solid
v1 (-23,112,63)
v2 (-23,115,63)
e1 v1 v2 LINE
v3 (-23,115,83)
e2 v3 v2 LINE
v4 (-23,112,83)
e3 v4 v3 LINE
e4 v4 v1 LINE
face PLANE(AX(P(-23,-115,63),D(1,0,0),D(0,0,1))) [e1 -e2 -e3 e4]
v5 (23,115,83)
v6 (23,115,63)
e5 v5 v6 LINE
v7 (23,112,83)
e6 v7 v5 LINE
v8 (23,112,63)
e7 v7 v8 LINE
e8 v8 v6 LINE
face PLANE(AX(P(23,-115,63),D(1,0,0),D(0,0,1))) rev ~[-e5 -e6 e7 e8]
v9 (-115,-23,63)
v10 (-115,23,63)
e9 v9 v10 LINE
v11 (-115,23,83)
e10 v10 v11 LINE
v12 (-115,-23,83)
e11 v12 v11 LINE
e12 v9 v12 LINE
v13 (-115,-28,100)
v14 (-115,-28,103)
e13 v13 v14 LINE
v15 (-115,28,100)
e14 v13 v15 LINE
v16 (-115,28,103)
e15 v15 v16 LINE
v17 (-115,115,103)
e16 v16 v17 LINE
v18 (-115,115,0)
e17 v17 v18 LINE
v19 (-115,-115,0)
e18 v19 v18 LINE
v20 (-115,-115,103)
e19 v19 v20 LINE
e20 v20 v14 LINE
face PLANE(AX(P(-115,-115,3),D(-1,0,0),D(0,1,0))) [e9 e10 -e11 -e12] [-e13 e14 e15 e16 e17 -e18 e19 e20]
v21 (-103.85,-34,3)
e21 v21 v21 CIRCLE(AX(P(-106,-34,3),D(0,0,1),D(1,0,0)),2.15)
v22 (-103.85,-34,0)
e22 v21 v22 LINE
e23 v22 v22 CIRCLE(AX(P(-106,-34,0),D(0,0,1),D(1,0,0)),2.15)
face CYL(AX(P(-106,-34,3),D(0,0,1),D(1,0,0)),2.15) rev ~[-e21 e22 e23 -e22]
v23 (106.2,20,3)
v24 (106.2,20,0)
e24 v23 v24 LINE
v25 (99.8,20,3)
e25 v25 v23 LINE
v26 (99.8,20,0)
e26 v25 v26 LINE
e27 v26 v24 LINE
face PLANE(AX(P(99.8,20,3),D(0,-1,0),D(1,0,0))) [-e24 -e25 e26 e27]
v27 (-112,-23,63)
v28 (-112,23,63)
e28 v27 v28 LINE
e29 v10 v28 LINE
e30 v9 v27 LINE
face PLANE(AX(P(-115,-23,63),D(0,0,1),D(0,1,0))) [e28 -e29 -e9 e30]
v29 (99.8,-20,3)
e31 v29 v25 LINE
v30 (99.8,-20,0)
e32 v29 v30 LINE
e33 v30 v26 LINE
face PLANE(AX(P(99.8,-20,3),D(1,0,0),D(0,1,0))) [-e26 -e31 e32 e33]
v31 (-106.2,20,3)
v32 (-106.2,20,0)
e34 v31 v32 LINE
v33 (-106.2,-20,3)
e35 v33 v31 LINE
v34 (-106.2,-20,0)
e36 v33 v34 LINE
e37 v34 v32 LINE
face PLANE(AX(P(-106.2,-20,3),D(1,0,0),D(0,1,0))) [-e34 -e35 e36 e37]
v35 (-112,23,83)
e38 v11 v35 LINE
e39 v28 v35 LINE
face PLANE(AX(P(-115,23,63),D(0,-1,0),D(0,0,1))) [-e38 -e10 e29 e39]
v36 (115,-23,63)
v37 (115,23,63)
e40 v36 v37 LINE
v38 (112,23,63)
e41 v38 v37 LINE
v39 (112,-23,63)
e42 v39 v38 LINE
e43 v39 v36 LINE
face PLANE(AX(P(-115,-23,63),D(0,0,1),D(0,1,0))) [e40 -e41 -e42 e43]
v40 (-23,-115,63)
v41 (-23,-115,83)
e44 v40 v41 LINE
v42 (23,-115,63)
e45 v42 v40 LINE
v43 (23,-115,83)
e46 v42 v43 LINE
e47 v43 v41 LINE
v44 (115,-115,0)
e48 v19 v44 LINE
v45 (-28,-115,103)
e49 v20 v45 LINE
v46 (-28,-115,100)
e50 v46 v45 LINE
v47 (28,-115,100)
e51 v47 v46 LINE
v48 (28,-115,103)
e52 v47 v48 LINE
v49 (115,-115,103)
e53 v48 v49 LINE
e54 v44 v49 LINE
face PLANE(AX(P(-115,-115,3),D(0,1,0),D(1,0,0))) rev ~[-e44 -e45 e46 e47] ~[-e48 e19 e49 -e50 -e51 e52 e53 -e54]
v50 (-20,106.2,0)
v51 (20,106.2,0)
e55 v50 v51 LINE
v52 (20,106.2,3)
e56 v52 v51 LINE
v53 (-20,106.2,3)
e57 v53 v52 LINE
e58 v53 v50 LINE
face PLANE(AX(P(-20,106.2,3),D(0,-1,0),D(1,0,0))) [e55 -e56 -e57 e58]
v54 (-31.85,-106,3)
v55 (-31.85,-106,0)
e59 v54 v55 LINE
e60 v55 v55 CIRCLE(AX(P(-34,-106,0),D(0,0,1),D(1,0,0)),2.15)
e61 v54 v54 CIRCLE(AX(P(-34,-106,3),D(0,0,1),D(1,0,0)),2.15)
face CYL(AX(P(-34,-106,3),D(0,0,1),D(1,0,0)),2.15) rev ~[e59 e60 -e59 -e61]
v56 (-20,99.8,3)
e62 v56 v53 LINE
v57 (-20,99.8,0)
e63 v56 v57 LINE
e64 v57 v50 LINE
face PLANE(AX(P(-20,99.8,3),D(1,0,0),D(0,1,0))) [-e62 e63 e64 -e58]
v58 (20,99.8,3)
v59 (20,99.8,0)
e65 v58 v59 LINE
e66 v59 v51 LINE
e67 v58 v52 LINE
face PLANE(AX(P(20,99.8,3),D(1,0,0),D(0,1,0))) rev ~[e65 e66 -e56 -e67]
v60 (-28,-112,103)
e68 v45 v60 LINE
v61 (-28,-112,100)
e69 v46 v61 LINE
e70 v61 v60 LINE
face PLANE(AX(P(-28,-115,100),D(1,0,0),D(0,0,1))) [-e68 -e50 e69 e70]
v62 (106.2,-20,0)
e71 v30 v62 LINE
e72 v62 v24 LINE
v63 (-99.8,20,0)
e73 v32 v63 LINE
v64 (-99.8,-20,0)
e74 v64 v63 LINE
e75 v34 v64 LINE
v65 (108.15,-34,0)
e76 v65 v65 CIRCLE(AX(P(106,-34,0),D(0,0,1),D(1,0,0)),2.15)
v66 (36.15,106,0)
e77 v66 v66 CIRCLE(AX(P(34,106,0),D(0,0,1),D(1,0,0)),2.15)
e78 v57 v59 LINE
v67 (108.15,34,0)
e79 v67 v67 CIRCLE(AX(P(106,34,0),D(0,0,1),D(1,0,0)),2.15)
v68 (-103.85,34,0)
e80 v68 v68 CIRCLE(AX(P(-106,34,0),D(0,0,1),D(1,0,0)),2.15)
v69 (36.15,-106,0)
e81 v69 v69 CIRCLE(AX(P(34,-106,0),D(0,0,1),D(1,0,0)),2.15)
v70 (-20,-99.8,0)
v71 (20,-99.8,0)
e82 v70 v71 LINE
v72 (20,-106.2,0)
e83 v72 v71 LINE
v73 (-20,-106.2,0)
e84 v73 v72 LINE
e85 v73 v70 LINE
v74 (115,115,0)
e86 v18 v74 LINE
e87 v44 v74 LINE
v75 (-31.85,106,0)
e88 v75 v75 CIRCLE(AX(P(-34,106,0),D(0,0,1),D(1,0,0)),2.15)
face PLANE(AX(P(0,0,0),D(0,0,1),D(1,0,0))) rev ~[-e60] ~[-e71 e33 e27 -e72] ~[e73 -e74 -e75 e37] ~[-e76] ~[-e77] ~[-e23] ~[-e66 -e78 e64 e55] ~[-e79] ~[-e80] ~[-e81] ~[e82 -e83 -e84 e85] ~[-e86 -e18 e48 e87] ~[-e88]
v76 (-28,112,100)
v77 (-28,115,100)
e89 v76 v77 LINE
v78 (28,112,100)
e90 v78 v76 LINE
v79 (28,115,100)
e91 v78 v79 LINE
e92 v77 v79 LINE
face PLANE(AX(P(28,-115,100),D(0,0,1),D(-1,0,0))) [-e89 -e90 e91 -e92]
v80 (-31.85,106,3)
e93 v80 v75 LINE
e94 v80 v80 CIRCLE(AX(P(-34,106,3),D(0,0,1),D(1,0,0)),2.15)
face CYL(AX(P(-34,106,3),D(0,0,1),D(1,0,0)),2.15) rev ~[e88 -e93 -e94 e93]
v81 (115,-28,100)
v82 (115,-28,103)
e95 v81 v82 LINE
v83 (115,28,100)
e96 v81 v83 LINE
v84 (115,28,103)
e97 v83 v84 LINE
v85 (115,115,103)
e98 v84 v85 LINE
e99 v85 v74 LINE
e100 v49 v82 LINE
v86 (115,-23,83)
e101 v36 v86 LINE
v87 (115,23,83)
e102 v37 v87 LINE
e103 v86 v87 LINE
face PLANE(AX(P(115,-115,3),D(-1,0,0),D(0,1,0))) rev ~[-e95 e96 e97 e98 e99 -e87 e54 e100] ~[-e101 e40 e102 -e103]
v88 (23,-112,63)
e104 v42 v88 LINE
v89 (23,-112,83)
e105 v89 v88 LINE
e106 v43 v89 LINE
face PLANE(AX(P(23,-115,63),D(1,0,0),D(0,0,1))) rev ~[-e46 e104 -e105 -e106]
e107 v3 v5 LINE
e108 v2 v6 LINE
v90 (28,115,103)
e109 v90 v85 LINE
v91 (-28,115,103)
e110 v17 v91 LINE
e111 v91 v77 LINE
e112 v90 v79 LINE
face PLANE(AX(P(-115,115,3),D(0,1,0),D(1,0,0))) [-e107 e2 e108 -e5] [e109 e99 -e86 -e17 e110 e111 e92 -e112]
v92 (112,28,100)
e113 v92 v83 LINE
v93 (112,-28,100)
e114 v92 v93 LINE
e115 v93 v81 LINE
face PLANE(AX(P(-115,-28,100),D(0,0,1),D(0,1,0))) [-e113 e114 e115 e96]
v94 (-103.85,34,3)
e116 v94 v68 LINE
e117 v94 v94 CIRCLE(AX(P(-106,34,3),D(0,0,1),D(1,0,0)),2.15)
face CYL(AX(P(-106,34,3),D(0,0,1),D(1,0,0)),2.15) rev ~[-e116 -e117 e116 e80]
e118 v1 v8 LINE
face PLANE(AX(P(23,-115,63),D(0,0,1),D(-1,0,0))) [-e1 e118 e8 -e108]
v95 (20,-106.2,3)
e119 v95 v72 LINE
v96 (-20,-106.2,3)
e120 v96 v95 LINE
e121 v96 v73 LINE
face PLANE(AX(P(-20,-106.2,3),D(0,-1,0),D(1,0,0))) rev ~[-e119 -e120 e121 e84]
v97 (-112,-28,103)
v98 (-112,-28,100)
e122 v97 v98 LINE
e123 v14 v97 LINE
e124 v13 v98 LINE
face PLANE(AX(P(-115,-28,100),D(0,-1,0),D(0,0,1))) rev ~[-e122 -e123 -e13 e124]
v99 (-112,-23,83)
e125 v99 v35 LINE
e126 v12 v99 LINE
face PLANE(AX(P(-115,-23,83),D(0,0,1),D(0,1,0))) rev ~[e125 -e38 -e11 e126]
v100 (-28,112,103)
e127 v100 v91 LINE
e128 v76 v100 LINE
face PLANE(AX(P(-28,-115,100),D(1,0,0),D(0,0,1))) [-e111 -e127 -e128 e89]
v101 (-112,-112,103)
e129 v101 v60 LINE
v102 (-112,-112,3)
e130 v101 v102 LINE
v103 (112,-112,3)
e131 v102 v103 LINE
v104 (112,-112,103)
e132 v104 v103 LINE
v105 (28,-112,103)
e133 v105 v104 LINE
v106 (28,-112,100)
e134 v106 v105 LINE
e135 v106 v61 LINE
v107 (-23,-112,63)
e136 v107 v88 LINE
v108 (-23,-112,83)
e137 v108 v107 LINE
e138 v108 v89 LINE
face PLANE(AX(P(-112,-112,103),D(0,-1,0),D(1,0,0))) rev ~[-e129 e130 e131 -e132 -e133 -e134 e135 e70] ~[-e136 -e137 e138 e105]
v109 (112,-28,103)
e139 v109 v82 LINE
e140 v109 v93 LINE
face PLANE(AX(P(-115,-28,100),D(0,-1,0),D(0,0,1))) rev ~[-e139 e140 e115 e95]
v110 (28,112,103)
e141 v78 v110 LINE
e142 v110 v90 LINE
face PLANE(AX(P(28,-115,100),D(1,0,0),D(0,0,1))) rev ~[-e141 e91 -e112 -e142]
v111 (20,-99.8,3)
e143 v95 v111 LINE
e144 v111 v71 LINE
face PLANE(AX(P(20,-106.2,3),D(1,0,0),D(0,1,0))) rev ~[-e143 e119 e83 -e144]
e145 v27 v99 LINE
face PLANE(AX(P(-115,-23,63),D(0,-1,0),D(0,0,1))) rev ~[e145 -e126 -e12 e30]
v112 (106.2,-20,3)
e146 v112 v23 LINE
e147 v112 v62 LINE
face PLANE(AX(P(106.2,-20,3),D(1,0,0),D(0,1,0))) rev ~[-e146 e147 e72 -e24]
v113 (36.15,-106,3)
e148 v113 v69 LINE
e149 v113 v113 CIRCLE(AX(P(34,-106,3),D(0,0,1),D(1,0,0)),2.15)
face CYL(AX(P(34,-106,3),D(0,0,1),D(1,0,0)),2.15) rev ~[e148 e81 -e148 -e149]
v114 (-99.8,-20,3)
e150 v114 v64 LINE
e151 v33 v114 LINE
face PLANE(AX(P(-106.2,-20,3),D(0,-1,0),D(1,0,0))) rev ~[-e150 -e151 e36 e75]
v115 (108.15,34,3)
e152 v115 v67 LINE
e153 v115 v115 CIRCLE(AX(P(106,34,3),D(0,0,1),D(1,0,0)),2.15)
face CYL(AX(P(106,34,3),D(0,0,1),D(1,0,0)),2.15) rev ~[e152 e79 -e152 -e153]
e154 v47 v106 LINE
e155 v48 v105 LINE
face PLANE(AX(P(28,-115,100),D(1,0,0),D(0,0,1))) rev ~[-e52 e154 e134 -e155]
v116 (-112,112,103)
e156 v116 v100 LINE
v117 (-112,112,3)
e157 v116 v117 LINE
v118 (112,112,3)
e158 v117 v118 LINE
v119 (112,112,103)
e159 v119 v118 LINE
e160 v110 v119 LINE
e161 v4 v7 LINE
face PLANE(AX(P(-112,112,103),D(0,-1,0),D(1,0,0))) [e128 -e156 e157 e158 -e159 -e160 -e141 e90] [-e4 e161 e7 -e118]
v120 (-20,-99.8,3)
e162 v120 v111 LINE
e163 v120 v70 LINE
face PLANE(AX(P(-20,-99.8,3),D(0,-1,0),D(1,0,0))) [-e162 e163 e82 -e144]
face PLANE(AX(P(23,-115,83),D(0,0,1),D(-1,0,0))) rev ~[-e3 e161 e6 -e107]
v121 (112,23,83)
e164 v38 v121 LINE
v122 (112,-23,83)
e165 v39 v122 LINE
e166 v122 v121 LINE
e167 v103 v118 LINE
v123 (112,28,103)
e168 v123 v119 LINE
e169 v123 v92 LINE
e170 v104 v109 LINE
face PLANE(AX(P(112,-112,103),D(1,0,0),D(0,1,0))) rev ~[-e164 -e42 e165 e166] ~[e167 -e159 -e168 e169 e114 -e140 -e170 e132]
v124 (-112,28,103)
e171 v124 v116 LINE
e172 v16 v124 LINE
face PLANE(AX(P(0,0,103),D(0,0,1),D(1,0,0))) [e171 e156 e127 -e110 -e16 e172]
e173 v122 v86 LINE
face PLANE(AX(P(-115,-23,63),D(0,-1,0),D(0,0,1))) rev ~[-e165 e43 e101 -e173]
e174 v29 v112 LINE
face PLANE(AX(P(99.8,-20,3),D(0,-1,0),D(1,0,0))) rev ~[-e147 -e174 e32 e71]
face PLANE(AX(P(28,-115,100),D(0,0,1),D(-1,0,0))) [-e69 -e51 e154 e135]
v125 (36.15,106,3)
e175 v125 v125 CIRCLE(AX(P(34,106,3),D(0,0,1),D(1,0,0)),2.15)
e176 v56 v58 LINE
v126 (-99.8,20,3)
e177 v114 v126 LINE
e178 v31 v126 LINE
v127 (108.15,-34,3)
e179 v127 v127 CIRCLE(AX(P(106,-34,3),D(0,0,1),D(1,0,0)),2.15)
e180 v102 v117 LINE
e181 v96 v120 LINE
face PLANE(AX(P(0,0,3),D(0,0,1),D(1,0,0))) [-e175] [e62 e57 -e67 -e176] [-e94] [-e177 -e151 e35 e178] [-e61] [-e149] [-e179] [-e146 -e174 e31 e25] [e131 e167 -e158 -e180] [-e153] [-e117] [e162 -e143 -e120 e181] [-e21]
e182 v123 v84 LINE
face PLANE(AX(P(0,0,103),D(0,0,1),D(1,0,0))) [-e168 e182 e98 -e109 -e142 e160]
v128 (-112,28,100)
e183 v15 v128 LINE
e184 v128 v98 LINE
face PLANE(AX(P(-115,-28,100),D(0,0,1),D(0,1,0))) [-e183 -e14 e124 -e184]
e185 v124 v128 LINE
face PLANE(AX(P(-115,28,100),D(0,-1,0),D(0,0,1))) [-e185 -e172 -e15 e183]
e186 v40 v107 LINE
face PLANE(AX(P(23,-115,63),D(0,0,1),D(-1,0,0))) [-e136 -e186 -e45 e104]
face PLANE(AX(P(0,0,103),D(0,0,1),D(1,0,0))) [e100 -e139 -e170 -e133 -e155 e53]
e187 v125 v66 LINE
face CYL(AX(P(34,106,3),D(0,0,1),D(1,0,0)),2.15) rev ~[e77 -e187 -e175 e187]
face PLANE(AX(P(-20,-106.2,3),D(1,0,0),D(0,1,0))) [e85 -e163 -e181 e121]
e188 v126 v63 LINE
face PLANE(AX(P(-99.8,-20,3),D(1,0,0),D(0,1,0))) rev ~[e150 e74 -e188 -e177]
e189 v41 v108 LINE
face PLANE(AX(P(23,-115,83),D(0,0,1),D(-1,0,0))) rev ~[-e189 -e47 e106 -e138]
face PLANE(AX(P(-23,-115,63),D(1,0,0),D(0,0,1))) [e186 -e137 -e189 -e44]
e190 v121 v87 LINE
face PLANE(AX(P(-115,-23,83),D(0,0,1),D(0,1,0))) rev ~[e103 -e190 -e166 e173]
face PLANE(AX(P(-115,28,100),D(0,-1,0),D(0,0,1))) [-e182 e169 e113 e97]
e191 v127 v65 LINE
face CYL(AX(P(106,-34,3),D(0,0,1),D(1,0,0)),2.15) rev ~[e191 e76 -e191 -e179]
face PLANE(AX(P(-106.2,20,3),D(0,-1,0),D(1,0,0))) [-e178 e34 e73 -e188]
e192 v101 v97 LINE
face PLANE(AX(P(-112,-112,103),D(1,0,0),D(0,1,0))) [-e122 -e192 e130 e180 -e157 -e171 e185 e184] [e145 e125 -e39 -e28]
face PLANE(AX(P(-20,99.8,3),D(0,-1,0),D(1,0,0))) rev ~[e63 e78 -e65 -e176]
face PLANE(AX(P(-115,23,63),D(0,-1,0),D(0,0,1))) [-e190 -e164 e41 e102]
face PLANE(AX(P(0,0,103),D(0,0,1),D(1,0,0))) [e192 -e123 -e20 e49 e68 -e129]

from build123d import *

# Parameters (mm, degrees)
SKETCH_1_W               = 230
SKETCH_1_H               = 230
EXTRUDE_1_DEPTH          = 3
SKETCH_3_W               = 230
SKETCH_3_H               = 230
EXTRUDE_3_DEPTH          = 100
SKETCH_4_W               = 220
SKETCH_4_H               = 220
CUT_EXTRUDE_1_DEPTH      = 100
SKETCH_6_W               = 20
SKETCH_6_H               = 46
CUT_EXTRUDE_3_DEPTH      = 278.009025124
PATTERN_CIRCULAR_1_COUNT = 2
PATTERN_CIRCULAR_1_ANGLE = 90
SKETCH_11_W              = 224
SKETCH_11_H              = 224
CUT_EXTRUDE_5_DEPTH      = 100
SKETCH_13_W              = 3
SKETCH_13_H              = 56
CUT_EXTRUDE_7_DEPTH      = 278.009025124
SKETCH_14_R              = 2.15
SKETCH_14_W              = 6.4
SKETCH_14_H              = 40
SKETCH_14_W_2            = 40
SKETCH_14_H_2            = 6.4
CUT_EXTRUDE_8_DEPTH      = 191.91883092
PATTERN_CIRCULAR_2_COUNT = 2
PATTERN_CIRCULAR_2_ANGLE = 90


with BuildPart() as part:
    # 스케치1 → 보스-돌출1 (new body)
    with BuildSketch(Plane.XY):
        Rectangle(SKETCH_1_W, SKETCH_1_H)
    extrude(amount=EXTRUDE_1_DEPTH)

    # 스케치3 → 보스-돌출3 (add)
    with BuildSketch(Plane.XY.offset(3)):
        Rectangle(SKETCH_3_W, SKETCH_3_H)
    extrude(amount=EXTRUDE_3_DEPTH)

    # 스케치4 → 컷-돌출1 (cut)
    with BuildSketch(Plane.XY.offset(103)):
        Rectangle(SKETCH_4_W, SKETCH_4_H)
    extrude(amount=-CUT_EXTRUDE_1_DEPTH, mode=Mode.SUBTRACT)

    # 스케치6 → 컷-돌출3 (cut, through all)
    with BuildSketch(Plane.ZY.offset(115)):
        with Locations((73, 0)):
            Rectangle(SKETCH_6_W, SKETCH_6_H)
    cut_extrude_3 = extrude(amount=-CUT_EXTRUDE_3_DEPTH, mode=Mode.SUBTRACT)

    # 원형 패턴1: 컷-돌출3 ×2 about axis
    pattern_circular_1_axis = Axis((0, 0, 0), (0, 0, 1))
    for i in range(1, PATTERN_CIRCULAR_1_COUNT):
        add(cut_extrude_3.rotate(pattern_circular_1_axis, i * PATTERN_CIRCULAR_1_ANGLE / (PATTERN_CIRCULAR_1_COUNT - 1)), mode=Mode.SUBTRACT)

    # 스케치11 → 컷-돌출5 (cut)
    with BuildSketch(Plane.XY.offset(103)):
        Rectangle(SKETCH_11_W, SKETCH_11_H)
    extrude(amount=-CUT_EXTRUDE_5_DEPTH, mode=Mode.SUBTRACT)

    # 스케치13 → 컷-돌출7 (cut, through all)
    with BuildSketch(Plane.ZY.offset(115)):
        with Locations((101.5, 0)):
            Rectangle(SKETCH_13_W, SKETCH_13_H)
    cut_extrude_7 = extrude(amount=-CUT_EXTRUDE_7_DEPTH, mode=Mode.SUBTRACT)

    # 스케치14 → 컷-돌출8 (cut, through all)
    with BuildSketch(Plane.XY.offset(3)):
        with Locations((-106, -34)):
            Circle(SKETCH_14_R)
        with Locations((-106, 34)):
            Circle(SKETCH_14_R)
        with Locations((-34, 106)):
            Circle(SKETCH_14_R)
        with Locations((34, 106)):
            Circle(SKETCH_14_R)
        with Locations((106, 34)):
            Circle(SKETCH_14_R)
        with Locations((106, -34)):
            Circle(SKETCH_14_R)
        with Locations((34, -106)):
            Circle(SKETCH_14_R)
        with Locations((-34, -106)):
            Circle(SKETCH_14_R)
        with Locations((-103, 0)):
            Rectangle(SKETCH_14_W, SKETCH_14_H)
        with Locations((0, 103)):
            Rectangle(SKETCH_14_W_2, SKETCH_14_H_2)
        with Locations((103, 0)):
            Rectangle(SKETCH_14_W, SKETCH_14_H)
        with Locations((0, -103)):
            Rectangle(SKETCH_14_W_2, SKETCH_14_H_2)
    extrude(amount=-CUT_EXTRUDE_8_DEPTH, mode=Mode.SUBTRACT)

    # 원형 패턴2: 컷-돌출7 ×2 about axis
    pattern_circular_2_axis = Axis((0, 0, -18.105724747), (0, 0, 1))
    for i in range(1, PATTERN_CIRCULAR_2_COUNT):
        add(cut_extrude_7.rotate(pattern_circular_2_axis, i * PATTERN_CIRCULAR_2_ANGLE / (PATTERN_CIRCULAR_2_COUNT - 1)), mode=Mode.SUBTRACT)


solid = part.part
